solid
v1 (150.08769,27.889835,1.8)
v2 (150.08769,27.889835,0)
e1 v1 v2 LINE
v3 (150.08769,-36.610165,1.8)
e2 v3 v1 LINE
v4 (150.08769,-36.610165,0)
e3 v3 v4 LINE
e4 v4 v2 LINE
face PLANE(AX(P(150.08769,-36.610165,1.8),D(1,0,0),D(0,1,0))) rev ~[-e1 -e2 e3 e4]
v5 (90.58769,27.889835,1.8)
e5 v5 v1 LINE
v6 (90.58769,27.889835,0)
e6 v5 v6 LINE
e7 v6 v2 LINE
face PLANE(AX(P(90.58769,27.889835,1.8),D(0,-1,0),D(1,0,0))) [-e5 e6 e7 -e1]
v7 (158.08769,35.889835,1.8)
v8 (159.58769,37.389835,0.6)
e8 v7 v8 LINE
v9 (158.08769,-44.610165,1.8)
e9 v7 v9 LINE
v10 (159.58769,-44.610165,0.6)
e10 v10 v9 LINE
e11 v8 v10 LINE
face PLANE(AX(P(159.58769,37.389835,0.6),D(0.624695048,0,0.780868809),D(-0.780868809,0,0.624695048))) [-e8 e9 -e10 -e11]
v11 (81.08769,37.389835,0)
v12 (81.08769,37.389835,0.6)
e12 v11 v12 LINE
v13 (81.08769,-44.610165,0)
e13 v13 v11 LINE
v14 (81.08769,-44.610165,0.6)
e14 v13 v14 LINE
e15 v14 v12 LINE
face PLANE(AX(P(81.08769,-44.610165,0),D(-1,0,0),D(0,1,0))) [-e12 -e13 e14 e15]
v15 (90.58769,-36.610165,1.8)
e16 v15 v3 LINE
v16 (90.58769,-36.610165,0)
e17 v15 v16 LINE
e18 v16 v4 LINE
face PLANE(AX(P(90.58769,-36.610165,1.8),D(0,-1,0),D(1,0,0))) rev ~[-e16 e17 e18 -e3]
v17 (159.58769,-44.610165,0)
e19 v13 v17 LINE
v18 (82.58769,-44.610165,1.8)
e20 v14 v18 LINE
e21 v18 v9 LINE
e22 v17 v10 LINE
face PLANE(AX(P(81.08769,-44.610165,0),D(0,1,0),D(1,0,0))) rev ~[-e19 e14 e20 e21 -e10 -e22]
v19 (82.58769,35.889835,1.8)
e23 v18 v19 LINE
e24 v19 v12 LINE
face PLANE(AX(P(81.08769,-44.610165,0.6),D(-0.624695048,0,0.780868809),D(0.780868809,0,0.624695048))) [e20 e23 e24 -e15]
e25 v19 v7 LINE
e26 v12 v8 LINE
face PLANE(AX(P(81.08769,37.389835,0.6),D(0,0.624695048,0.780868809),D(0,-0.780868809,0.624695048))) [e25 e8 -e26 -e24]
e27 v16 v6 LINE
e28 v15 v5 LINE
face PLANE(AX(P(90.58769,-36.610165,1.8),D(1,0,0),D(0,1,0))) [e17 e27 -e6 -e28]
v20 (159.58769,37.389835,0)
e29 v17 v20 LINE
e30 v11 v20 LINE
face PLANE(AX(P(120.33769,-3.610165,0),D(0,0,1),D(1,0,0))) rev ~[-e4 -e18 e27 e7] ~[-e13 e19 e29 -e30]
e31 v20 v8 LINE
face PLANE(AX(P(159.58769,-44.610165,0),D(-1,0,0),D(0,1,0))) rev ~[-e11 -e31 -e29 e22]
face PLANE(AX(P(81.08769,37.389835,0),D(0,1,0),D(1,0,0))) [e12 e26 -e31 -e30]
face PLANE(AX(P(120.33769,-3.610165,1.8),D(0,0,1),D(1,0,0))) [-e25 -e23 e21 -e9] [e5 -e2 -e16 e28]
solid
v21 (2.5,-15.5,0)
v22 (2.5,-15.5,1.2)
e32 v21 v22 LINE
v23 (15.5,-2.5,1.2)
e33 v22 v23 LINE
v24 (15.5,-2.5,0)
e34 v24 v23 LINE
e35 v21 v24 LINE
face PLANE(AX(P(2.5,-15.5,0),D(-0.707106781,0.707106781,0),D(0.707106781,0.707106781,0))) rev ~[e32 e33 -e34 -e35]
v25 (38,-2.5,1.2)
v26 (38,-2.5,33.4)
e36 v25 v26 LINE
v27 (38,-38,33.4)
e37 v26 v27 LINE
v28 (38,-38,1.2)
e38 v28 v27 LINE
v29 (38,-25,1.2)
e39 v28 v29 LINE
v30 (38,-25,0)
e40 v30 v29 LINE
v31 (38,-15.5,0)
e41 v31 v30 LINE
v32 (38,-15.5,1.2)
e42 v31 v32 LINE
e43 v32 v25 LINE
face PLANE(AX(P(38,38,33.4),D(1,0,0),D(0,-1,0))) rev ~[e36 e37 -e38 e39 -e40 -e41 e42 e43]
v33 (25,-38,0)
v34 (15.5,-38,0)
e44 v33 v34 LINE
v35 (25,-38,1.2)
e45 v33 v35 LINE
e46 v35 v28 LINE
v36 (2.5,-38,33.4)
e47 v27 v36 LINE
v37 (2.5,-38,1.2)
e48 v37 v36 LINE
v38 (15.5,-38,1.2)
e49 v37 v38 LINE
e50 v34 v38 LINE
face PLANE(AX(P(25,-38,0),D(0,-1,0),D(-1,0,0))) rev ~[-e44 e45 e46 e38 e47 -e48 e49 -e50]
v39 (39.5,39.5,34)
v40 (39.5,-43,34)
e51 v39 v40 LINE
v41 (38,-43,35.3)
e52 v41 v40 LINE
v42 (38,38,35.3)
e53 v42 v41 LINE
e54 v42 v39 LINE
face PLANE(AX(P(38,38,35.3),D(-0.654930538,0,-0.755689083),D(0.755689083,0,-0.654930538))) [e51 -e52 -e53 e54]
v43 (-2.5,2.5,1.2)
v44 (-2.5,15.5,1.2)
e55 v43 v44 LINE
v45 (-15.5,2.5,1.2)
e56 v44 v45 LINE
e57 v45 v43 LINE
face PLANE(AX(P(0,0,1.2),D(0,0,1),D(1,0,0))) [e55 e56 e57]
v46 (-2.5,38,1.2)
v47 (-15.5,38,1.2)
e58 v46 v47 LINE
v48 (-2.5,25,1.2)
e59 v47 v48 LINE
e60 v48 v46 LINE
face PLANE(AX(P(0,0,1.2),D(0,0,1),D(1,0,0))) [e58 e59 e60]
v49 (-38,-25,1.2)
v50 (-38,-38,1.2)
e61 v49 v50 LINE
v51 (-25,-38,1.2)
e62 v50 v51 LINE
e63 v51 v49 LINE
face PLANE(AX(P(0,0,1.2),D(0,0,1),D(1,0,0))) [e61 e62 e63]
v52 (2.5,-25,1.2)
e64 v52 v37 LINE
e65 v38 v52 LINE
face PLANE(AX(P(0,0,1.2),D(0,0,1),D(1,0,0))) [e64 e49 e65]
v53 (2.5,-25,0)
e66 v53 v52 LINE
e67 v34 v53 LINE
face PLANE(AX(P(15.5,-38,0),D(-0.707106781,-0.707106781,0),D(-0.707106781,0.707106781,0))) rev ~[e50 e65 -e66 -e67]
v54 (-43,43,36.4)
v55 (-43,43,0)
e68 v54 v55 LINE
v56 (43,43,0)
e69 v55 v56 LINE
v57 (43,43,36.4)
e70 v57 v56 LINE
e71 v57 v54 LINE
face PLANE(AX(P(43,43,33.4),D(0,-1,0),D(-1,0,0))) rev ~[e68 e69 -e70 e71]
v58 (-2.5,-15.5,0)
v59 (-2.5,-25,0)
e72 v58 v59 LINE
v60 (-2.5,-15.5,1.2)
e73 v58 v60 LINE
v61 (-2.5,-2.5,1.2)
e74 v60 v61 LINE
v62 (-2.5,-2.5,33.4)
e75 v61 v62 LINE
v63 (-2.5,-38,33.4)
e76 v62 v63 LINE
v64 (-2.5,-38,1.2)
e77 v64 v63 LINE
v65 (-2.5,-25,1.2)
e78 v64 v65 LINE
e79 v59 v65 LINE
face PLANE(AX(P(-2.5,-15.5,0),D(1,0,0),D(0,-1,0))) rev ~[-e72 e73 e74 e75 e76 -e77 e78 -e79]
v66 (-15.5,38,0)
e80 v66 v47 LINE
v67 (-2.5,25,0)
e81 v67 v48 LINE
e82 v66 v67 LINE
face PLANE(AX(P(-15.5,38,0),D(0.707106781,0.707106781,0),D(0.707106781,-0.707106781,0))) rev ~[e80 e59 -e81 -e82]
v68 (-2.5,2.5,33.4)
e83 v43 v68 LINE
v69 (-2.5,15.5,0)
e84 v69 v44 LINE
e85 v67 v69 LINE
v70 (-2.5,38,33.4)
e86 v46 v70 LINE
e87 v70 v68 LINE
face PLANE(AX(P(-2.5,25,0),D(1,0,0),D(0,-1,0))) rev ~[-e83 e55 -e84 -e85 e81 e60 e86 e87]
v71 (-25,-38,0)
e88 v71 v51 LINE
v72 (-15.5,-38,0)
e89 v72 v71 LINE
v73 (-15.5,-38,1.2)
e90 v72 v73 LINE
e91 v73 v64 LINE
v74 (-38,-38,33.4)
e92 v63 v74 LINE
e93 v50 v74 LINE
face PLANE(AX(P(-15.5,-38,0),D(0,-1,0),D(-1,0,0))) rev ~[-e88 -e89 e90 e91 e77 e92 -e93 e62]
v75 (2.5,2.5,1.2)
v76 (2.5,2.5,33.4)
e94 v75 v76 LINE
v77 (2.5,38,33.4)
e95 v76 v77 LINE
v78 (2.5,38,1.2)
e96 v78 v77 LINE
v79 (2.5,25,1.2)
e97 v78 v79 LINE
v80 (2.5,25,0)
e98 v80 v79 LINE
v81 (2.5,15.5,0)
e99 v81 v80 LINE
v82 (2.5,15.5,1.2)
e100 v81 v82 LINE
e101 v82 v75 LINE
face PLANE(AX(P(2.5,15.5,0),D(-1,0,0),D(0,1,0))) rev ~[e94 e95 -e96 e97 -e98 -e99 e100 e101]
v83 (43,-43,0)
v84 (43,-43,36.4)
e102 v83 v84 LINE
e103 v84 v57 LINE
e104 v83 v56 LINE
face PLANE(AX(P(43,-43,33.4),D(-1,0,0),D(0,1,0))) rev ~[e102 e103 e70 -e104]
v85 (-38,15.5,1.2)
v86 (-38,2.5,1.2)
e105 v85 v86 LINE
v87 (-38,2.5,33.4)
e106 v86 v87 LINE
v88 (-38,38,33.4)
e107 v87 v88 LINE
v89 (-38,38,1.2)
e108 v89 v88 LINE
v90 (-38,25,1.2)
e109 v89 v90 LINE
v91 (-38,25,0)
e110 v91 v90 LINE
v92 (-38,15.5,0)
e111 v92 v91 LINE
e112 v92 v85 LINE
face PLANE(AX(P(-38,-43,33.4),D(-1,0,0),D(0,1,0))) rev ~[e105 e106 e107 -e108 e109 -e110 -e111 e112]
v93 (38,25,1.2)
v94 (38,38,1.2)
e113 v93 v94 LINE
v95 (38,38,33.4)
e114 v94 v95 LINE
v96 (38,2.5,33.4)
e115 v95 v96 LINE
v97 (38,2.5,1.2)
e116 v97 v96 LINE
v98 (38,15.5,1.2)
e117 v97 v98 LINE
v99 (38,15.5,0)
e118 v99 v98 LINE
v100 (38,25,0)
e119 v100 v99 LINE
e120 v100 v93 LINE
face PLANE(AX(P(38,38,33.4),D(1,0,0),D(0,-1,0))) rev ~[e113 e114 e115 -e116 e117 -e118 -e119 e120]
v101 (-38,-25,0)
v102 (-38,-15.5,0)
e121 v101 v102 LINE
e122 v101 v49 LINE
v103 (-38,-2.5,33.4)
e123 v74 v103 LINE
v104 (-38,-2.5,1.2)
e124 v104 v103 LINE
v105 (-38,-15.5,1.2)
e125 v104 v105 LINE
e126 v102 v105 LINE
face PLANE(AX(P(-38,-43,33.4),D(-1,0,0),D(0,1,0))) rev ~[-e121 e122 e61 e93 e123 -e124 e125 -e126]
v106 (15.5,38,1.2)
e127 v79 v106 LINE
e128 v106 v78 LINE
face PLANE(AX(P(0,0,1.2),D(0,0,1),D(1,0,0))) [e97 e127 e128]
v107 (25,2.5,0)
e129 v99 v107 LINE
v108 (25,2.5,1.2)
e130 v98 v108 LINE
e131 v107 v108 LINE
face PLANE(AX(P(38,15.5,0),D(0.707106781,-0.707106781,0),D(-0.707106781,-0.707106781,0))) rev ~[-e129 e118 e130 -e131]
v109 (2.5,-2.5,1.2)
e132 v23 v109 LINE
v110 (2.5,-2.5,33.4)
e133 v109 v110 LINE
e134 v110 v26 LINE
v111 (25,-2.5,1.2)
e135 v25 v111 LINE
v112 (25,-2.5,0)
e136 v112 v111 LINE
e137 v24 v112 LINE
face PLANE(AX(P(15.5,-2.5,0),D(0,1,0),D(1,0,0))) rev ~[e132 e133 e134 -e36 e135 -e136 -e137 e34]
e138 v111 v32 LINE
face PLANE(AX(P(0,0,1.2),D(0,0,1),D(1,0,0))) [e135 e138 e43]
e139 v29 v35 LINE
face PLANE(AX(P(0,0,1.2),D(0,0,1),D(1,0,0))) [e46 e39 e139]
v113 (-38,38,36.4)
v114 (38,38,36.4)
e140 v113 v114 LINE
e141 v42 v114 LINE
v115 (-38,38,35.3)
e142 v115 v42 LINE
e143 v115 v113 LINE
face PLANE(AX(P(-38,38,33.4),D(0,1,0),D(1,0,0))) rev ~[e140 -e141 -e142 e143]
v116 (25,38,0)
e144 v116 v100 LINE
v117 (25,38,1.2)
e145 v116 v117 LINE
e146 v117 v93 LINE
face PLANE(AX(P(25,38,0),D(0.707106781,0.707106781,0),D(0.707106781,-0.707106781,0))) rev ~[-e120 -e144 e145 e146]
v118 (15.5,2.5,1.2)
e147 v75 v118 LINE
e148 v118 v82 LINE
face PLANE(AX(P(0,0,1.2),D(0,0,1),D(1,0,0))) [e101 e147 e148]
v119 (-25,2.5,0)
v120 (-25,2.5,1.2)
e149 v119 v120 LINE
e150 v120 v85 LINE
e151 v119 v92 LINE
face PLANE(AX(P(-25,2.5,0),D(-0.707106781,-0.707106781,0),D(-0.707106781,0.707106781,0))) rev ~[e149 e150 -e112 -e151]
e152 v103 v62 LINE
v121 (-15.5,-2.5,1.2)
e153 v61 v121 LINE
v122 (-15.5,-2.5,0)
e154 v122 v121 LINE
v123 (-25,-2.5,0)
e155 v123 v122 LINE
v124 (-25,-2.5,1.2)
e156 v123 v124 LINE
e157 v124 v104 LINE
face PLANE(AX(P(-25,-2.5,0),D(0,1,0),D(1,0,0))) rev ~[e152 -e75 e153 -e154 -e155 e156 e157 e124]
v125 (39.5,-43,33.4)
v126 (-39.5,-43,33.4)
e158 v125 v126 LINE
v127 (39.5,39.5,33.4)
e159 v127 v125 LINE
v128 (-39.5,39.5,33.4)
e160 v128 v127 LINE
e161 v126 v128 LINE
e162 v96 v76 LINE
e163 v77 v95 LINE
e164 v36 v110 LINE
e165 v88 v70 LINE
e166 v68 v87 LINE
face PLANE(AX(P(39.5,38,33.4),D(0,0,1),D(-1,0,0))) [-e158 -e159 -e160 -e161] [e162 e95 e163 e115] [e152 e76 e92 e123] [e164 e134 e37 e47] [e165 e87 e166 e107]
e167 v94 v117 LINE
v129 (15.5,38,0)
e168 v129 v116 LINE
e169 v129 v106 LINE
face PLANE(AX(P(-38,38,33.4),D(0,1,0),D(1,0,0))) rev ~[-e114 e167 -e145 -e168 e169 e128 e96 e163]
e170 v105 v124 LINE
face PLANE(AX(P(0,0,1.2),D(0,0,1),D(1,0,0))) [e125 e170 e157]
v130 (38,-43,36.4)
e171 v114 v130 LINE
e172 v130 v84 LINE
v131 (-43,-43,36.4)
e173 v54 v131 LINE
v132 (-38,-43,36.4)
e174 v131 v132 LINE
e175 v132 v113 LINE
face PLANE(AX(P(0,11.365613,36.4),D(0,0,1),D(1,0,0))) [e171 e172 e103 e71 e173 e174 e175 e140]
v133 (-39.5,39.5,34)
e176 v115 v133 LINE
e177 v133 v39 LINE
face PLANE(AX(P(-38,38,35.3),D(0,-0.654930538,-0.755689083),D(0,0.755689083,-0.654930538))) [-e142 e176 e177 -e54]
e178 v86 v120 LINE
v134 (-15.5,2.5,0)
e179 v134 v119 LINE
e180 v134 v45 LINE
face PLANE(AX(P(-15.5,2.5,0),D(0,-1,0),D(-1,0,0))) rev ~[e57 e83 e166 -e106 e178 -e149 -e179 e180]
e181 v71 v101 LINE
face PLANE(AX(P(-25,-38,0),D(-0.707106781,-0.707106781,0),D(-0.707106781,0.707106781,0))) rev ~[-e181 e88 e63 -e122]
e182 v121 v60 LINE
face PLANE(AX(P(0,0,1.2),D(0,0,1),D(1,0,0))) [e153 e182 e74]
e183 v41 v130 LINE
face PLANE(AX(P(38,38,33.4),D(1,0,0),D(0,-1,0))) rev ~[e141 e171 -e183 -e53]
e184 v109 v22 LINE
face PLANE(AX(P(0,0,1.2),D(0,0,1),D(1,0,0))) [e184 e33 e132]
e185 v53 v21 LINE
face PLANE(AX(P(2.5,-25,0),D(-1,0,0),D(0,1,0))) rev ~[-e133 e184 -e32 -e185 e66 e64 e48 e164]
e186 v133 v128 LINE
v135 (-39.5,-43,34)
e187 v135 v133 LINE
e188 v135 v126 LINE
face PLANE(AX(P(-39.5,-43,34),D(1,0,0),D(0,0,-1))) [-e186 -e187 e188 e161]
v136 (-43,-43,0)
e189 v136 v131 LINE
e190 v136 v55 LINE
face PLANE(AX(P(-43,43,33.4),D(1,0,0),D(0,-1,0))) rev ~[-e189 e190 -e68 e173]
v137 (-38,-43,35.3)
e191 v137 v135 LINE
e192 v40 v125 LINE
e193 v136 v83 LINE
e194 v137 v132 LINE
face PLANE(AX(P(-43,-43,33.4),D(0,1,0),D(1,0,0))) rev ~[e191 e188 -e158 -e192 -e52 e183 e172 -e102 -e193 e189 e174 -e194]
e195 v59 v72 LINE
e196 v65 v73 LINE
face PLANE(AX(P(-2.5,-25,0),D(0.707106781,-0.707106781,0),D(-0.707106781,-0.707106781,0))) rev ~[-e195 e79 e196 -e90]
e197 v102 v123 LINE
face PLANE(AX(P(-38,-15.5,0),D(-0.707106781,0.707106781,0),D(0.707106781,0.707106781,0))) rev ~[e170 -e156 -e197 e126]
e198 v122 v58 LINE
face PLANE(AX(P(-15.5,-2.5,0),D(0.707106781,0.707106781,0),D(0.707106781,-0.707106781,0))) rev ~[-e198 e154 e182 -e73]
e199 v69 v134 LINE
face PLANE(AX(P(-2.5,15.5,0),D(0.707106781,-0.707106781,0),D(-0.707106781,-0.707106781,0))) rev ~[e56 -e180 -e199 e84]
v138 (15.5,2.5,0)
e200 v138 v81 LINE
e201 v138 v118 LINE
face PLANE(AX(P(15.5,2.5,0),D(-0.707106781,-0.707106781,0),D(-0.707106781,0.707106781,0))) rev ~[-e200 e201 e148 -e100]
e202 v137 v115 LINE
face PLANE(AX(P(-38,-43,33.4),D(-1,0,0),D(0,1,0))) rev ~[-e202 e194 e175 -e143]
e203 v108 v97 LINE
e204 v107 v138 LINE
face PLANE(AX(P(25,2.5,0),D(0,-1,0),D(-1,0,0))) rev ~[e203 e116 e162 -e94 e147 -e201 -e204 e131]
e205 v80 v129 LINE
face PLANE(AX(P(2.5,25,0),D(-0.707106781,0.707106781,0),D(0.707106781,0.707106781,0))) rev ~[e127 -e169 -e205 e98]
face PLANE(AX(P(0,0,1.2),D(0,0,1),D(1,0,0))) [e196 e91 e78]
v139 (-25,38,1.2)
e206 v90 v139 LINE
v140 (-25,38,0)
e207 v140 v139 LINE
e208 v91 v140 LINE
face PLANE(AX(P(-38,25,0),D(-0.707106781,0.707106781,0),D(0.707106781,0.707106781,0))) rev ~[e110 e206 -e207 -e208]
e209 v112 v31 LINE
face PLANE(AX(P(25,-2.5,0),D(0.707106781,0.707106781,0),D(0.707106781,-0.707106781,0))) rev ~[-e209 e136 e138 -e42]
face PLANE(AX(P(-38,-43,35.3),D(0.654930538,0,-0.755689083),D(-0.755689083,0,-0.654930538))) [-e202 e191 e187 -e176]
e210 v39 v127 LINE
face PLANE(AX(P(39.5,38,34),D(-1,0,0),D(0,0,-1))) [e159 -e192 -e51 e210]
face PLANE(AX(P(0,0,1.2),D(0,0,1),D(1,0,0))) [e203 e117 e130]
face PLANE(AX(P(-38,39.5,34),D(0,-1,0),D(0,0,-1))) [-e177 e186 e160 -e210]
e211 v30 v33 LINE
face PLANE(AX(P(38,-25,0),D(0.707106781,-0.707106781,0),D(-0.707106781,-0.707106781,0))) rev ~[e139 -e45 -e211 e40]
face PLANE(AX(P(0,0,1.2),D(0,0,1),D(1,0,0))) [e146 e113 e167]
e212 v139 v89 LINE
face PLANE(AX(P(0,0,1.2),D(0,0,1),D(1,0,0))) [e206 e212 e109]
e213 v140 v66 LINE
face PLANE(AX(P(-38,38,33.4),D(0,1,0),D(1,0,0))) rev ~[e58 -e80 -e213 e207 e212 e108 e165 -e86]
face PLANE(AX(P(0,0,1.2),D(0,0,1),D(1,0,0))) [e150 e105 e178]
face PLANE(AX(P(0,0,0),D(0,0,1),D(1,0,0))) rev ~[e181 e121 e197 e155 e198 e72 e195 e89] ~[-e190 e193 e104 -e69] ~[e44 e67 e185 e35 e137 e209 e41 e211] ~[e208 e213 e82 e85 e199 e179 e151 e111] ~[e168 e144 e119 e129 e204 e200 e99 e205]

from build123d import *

# Parameters (mm, degrees)
F0_W      = 86
F0_H      = 86
F1_DEPTH  = 1.2
F2_DEPTH  = 33.4
F4_DEPTH  = 3
F0_W_2    = 78.5
F0_H_2    = 82
F9_DEPTH  = 1.8
F13_W     = 59.5
F13_H     = 64.5
F14_DEPTH = 1.801


with BuildPart() as f1:
    # F0 (on Top) → F1 (new body)
    with BuildSketch(Plane.XY):
        Rectangle(F0_W, F0_H)
        Polygon((-2.5, -25), (-2.5, -38), (-15.5, -38), (-25, -38), (-38, -38), (-38, -25), (-38, -15.5), (-38, -2.5), (-25, -2.5), (-15.5, -2.5), (-2.5, -2.5), (-2.5, -15.5), align=None, mode=Mode.SUBTRACT)
        Polygon((2.5, -15.5), (2.5, -2.5), (15.5, -2.5), (25, -2.5), (38, -2.5), (38, -15.5), (38, -25), (38, -38), (25, -38), (15.5, -38), (2.5, -38), (2.5, -25), align=None, mode=Mode.SUBTRACT)
        Polygon((-15.5, 38), (-2.5, 38), (-2.5, 25), (-2.5, 15.5), (-2.5, 2.5), (-15.5, 2.5), (-25, 2.5), (-38, 2.5), (-38, 15.5), (-38, 25), (-38, 38), (-25, 38), align=None, mode=Mode.SUBTRACT)
        Polygon((2.5, 25), (2.5, 38), (15.5, 38), (25, 38), (38, 38), (38, 25), (38, 15.5), (38, 2.5), (25, 2.5), (15.5, 2.5), (2.5, 2.5), (2.5, 15.5), align=None, mode=Mode.SUBTRACT)
        Polygon((-38, 25), (-25, 38), (-38, 38), align=None)
        Polygon((-25, 2.5), (-38, 15.5), (-38, 2.5), align=None)
        Polygon((-2.5, 2.5), (-2.5, 15.5), (-15.5, 2.5), align=None)
        Polygon((-2.5, 25), (-2.5, 38), (-15.5, 38), align=None)
        Polygon((15.5, 38), (2.5, 38), (2.5, 25), align=None)
        Polygon((38, 38), (25, 38), (38, 25), align=None)
        Polygon((38, 2.5), (38, 15.5), (25, 2.5), align=None)
        Polygon((15.5, 2.5), (2.5, 15.5), (2.5, 2.5), align=None)
        Polygon((-38, -2.5), (-38, -15.5), (-25, -2.5), align=None)
        Polygon((-15.5, -2.5), (-2.5, -15.5), (-2.5, -2.5), align=None)
        Polygon((-38, -38), (-25, -38), (-38, -25), align=None)
        Polygon((-15.5, -38), (-2.5, -38), (-2.5, -25), align=None)
        Polygon((15.5, -38), (2.5, -25), (2.5, -38), align=None)
        Polygon((15.5, -2.5), (2.5, -2.5), (2.5, -15.5), align=None)
        Polygon((38, -2.5), (25, -2.5), (38, -15.5), align=None)
        Polygon((38, -38), (38, -25), (25, -38), align=None)
    extrude(amount=F1_DEPTH)

    # F0 (on Top) → F2 (join)
    with BuildSketch(Plane.XY):
        Rectangle(F0_W, F0_H)
        Polygon((-2.5, -25), (-2.5, -38), (-15.5, -38), (-25, -38), (-38, -38), (-38, -25), (-38, -15.5), (-38, -2.5), (-25, -2.5), (-15.5, -2.5), (-2.5, -2.5), (-2.5, -15.5), align=None, mode=Mode.SUBTRACT)
        Polygon((2.5, -15.5), (2.5, -2.5), (15.5, -2.5), (25, -2.5), (38, -2.5), (38, -15.5), (38, -25), (38, -38), (25, -38), (15.5, -38), (2.5, -38), (2.5, -25), align=None, mode=Mode.SUBTRACT)
        Polygon((-15.5, 38), (-2.5, 38), (-2.5, 25), (-2.5, 15.5), (-2.5, 2.5), (-15.5, 2.5), (-25, 2.5), (-38, 2.5), (-38, 15.5), (-38, 25), (-38, 38), (-25, 38), align=None, mode=Mode.SUBTRACT)
        Polygon((2.5, 25), (2.5, 38), (15.5, 38), (25, 38), (38, 38), (38, 25), (38, 15.5), (38, 2.5), (25, 2.5), (15.5, 2.5), (2.5, 2.5), (2.5, 15.5), align=None, mode=Mode.SUBTRACT)
    extrude(amount=F2_DEPTH)

    # F3 (on face) → F4 (join)
    with BuildSketch(Plane.XY.offset(33.4)):
        Polygon((-43, 43), (-43, -43), (-38, -43), (-38, -38), (-38, -2.5), (-38, 2.5), (-38, 38), (-2.5, 38), (2.5, 38), (38, 38), (38, 2.5), (38, -2.5), (38, -38), (38, -43), (43, -43), (43, 43), align=None)
    extrude(amount=F4_DEPTH)

    # F11: sweep along a path in F11_path
    with BuildLine(Plane(origin=(-38, -43, 35.3), x_dir=(0, -1, 0), z_dir=(0, 0, -1))) as f11_path:
        Line((0, 0), (-81, 0))
        Line((-81, 0), (-81, -76))
        Line((-81, -76), (0, -76))
    # F5 (on face) → F11 (sweep, cut)
    with BuildSketch(Plane.XZ.offset(43)):
        Polygon((-39.5, 34), (-39.5, 33.4), (-38, 33.4), (-38, 35.3), align=None)
    sweep(path=f11_path.line, transition=Transition.RIGHT, mode=Mode.SUBTRACT)


with BuildPart() as f9:
    # F0 (on Top) → F9 (new body)
    with BuildSketch(Plane.XY):
        with Locations((120.3376897573, -3.6101650596)):
            Rectangle(F0_W_2, F0_H_2)
    extrude(amount=F9_DEPTH)

    # F12: sweep along a path in F0
    with BuildLine(Plane.XY) as f12_path:
        Line((81.0876897573, -44.6101650596), (81.0876897573, 37.3898349404))
        Line((81.0876897573, 37.3898349404), (159.5876897573, 37.3898349404))
        Line((159.5876897573, 37.3898349404), (159.5876897573, -44.6101650596))
    # F10 (on face) → F12 (sweep, cut)
    with BuildSketch(Plane.XZ.offset(44.6101650596)):
        Polygon((81.0876897573, 1.8), (81.0876897573, 0.6), (82.5876897573, 1.8), align=None)
    sweep(path=f12_path.line, transition=Transition.RIGHT, mode=Mode.SUBTRACT)

    # F13 (on face) → F14 (cut, through all)
    with BuildSketch(Plane.XY.offset(1.8)):
        with Locations((120.3376897573, -4.3601650596)):
            Rectangle(F13_W, F13_H)
    extrude(amount=-F14_DEPTH, mode=Mode.SUBTRACT)


solid = Compound([f1.part, f9.part])
